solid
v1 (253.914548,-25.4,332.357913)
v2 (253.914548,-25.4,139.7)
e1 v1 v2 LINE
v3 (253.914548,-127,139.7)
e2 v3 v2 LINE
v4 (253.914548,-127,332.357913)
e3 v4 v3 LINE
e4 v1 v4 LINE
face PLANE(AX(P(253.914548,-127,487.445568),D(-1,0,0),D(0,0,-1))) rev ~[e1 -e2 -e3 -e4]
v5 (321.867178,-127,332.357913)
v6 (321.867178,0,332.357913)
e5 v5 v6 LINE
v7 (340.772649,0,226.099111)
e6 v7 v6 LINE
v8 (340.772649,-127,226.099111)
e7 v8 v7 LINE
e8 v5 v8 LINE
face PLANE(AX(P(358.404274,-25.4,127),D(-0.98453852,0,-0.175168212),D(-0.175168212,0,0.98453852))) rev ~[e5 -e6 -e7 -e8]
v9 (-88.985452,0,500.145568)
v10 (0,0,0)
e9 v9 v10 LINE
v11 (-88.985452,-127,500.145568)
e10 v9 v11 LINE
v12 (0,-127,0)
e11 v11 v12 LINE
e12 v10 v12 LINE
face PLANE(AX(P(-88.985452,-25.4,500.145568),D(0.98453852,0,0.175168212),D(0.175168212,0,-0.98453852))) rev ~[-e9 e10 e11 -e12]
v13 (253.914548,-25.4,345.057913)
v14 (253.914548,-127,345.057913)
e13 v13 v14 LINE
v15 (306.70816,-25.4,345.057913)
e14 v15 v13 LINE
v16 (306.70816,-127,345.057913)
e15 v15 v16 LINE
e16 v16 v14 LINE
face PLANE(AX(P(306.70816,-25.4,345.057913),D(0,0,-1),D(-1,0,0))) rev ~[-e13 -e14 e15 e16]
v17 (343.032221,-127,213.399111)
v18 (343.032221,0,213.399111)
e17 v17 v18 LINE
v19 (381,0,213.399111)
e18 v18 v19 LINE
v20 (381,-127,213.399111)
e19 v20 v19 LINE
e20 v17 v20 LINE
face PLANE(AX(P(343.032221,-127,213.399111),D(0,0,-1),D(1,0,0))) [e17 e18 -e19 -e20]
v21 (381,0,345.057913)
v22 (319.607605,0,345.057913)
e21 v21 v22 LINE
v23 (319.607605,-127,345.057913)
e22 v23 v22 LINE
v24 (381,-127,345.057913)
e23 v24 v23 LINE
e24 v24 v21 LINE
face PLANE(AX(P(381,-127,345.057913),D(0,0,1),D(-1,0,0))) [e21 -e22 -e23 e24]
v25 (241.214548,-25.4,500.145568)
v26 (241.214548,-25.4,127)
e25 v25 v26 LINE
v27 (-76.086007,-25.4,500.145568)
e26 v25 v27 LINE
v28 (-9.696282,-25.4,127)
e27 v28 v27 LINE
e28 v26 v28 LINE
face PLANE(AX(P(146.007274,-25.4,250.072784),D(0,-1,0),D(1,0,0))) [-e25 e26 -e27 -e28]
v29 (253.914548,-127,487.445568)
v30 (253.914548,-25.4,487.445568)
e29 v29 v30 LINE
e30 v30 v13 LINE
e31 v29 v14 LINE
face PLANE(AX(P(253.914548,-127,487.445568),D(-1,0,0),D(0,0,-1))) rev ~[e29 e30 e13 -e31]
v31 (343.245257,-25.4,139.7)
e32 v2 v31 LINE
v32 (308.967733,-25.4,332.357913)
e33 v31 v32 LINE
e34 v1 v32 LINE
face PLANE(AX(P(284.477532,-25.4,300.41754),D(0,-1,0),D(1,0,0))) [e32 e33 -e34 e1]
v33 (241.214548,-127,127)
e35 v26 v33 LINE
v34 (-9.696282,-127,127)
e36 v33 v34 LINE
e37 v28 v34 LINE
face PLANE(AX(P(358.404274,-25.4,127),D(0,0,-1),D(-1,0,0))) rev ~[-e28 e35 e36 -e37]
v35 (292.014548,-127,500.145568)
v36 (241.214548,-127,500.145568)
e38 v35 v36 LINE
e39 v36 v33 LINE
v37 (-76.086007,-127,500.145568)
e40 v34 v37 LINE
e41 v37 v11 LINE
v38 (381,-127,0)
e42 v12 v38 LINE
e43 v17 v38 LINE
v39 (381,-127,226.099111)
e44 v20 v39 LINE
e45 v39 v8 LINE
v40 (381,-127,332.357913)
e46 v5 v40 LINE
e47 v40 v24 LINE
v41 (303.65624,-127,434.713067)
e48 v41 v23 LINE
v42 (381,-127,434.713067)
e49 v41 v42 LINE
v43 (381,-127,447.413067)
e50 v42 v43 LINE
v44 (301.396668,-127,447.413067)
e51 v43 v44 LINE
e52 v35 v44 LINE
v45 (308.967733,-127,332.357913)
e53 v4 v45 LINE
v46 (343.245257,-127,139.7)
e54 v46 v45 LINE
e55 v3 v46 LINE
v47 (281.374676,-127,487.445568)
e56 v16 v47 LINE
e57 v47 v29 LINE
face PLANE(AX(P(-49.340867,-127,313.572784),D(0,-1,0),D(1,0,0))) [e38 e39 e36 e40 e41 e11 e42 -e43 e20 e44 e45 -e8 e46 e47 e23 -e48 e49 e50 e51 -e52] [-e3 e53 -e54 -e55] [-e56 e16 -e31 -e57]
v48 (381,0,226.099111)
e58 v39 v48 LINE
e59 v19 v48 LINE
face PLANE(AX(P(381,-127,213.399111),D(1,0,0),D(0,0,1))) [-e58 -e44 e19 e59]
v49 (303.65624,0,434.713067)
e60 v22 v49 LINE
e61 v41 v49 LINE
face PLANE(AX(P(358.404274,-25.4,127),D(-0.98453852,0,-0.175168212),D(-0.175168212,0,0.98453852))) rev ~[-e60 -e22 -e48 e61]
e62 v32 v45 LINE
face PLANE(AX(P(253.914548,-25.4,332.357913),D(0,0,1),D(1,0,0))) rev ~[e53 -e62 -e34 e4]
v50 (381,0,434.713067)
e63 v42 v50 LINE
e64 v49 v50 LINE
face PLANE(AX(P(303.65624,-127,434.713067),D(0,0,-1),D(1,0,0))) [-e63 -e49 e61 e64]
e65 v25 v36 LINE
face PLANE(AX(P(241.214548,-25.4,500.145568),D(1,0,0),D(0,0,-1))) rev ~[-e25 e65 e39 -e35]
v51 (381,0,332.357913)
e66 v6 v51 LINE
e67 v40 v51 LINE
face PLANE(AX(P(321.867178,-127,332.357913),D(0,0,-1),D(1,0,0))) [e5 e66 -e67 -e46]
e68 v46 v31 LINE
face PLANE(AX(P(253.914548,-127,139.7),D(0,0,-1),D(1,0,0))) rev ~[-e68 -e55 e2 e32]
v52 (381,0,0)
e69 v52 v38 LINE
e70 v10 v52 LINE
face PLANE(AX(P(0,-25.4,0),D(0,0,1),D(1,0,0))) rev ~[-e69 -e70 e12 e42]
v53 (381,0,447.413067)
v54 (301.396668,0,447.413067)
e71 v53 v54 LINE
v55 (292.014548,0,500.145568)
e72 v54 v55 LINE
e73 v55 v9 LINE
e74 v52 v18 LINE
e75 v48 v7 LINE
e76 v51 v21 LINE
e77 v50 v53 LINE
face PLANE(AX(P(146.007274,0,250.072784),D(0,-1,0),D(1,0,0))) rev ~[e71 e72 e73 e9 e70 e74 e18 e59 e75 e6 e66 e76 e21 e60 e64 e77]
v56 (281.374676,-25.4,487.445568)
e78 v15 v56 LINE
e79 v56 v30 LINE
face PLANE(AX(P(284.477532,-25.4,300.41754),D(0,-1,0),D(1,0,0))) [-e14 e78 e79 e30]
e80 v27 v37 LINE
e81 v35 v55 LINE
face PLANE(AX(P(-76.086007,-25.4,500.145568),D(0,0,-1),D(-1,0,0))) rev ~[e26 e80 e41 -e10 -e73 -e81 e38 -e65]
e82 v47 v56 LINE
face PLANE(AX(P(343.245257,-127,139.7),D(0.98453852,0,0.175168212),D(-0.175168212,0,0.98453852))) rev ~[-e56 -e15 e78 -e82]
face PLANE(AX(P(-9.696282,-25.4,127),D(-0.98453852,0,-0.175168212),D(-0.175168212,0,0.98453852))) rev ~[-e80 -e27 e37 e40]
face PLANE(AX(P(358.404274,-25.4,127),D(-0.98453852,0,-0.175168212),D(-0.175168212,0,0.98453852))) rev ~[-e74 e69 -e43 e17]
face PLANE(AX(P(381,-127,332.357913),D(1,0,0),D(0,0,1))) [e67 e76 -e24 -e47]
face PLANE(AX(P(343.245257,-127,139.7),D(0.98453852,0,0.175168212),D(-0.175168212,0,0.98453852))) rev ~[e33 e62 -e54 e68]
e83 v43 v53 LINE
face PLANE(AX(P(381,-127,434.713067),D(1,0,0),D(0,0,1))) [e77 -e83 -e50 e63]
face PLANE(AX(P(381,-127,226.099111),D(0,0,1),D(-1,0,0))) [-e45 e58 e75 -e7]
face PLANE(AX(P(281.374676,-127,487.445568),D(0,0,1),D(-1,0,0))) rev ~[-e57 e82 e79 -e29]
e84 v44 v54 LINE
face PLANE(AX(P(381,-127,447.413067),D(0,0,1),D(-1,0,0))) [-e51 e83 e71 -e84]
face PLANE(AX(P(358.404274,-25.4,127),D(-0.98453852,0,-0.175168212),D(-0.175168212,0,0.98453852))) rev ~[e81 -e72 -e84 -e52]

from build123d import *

# Parameters (mm, degrees)
F1_DEPTH  = 25.4
F3_DEPTH  = 101.6
F5_DEPTH  = 101.6
F7_DEPTH  = 101.6
F9_DEPTH  = 127
F11_DEPTH = 101.6
F13_DEPTH = 101.6


with BuildPart() as f1:
    # F0 (on Front) → F1 (new body)
    with BuildSketch(Plane.XZ):
        Polygon((-88.9854516805, 500.1455681991), (0, 0), (381, 0), (292.0145483195, 500.1455681991), align=None)
    extrude(amount=F1_DEPTH)

    # F2 (on face) → F3 (join)
    with BuildSketch(Plane.XZ.offset(25.4)):
        Polygon((-22.5957262885, 127), (0, 0), (381, 0), (358.4042737115, 127), align=None)
    extrude(amount=F3_DEPTH)

    # F4 (on face) → F5 (join)
    with BuildSketch(Plane.XZ.offset(25.4)):
        Polygon((292.0145483195, 500.1455681991), (241.2145483195, 500.1455681991), (241.2145483195, 127), (358.4042737115, 127), align=None)
    extrude(amount=F5_DEPTH)

    # F6 (on face) → F7 (cut)
    with BuildSketch(Plane.XZ.offset(127)):
        Polygon((281.3746764461, 487.4455681991), (253.9145483195, 487.4455681991), (253.9145483195, 139.7), (343.2452565805, 139.7), align=None)
    extrude(amount=-F7_DEPTH, mode=Mode.SUBTRACT)

    # F8 (on face) → F9 (join)
    with BuildSketch(Plane.XZ.offset(127)):
        Polygon((301.3966677113, 447.4130670373), (303.6562403401, 434.7130670373), (381, 434.7130670373), (381, 447.4130670373), align=None)
        Polygon((319.6076049893, 345.0579134663), (321.8671776181, 332.3579134663), (381, 332.3579134663), (381, 345.0579134663), align=None)
        Polygon((343.0322212888, 213.3991107327), (381, 213.3991107327), (381, 226.0991107327), (340.77264866, 226.0991107327), align=None)
    extrude(amount=-F9_DEPTH)

    # F10 (on face) → F11 (join)
    with BuildSketch(Plane.XZ.offset(25.4)):
        Polygon((308.9677331159, 332.3579134663), (306.7081604871, 345.0579134663), (253.9145483195, 345.0579134663), (253.9145483195, 332.3579134663), align=None)
    extrude(amount=F11_DEPTH)

    # F12 (on face) → F13 (join)
    with BuildSketch(Plane.XZ.offset(25.4)):
        Polygon((-9.6962817863, 127), (-76.0860071783, 500.1455681991), (-88.9854516805, 500.1455681991), (-22.5957262885, 127), align=None)
    extrude(amount=F13_DEPTH)


solid = f1.part
